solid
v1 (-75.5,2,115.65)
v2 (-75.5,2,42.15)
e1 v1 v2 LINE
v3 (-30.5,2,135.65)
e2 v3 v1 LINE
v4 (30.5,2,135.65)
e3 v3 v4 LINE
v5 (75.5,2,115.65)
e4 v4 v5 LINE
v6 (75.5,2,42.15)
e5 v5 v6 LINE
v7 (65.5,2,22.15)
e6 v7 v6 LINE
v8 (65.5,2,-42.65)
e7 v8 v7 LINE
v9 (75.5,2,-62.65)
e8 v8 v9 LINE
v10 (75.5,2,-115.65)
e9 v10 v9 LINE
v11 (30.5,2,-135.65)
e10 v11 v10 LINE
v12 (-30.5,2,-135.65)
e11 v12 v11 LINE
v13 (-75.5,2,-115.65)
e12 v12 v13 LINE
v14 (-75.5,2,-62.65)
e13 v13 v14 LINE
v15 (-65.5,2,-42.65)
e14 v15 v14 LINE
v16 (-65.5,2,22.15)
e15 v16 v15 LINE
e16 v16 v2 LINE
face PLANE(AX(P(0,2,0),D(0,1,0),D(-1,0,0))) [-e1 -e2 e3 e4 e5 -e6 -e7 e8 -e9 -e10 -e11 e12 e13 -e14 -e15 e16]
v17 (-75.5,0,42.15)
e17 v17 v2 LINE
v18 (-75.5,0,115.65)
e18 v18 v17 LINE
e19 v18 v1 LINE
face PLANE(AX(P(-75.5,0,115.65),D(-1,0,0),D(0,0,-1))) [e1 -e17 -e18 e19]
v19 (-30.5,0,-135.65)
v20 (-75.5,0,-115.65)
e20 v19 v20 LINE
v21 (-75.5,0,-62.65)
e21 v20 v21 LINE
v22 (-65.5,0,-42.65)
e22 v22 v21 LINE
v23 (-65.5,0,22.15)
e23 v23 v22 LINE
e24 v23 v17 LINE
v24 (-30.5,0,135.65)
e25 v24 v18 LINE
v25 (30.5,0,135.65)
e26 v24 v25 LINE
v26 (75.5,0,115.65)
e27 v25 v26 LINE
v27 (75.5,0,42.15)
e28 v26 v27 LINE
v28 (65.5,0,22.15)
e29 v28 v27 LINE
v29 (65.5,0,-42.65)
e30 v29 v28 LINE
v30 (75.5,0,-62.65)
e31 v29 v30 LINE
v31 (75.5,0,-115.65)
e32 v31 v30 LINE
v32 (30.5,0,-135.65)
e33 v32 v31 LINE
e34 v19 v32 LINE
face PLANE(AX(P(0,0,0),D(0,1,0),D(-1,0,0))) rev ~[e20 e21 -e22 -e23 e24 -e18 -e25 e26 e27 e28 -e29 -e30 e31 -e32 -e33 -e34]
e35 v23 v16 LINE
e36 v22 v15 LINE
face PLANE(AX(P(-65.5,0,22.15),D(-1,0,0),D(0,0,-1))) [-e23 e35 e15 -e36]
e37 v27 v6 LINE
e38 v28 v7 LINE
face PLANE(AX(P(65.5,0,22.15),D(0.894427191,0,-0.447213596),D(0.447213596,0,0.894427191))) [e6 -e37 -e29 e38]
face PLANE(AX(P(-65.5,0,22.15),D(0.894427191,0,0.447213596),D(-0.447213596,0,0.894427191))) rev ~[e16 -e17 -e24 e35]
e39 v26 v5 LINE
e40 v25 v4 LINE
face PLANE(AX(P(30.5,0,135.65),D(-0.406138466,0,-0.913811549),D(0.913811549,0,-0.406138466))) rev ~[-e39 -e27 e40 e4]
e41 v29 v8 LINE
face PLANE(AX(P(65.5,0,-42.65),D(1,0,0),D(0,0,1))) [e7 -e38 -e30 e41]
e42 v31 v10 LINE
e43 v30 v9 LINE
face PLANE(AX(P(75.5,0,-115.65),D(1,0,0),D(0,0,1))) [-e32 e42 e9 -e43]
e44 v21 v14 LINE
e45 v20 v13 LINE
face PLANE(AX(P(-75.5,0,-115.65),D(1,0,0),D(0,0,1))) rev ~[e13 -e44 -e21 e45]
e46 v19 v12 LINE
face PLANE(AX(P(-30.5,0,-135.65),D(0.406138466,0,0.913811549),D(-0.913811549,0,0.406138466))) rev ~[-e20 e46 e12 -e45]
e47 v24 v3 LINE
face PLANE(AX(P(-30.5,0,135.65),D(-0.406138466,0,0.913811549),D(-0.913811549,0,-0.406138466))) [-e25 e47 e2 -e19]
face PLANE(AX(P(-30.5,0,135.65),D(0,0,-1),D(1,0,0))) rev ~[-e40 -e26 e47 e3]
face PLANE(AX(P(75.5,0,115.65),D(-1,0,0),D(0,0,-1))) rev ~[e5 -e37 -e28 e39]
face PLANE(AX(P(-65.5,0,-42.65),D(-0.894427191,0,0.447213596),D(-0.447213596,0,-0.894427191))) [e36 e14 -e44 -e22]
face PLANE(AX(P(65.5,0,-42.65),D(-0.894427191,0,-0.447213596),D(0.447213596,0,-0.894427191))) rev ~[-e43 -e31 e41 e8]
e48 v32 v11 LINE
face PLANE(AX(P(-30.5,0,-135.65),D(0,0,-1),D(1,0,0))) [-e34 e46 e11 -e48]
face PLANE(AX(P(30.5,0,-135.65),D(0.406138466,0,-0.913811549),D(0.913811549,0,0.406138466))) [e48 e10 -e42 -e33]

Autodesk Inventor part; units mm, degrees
ref_plane "YZ Plane" through (0, 0, 0) normal (1, 0, 0) x (0, 1, 0)
ref_plane "XZ Plane" through (0, 0, 0) normal (0, 1, 0) x (-1, 0, 0)
ref_plane "XY Plane" through (0, 0, 0) normal (0, 0, 1) x (1, 0, 0)
sketch "Sketch1" plane through (0, 0, 0) normal (0, 1, 0) x (-1, 0, 0)
  line L0 (-75.5, -115.65) -> (-75.5, -62.65)
  line L1 (-65.5, -42.65) -> (-75.5, -62.65)
  line L2 (75.5, -115.65) -> (75.5, -62.65)
  line L3 (65.5, -42.65) -> (75.5, -62.65)
  line L4 (-75.5, 115.65) -> (-75.5, 42.15)
  line L5 (-65.5, 22.15) -> (-75.5, 42.15)
  line L6 (75.5, 115.65) -> (75.5, 42.15)
  line L7 (65.5, 22.15) -> (75.5, 42.15)
  line L8 (30.5, 135.65) -> (75.5, 115.65)
  line L9 (-30.5, 135.65) -> (-75.5, 115.65)
  line L10 (30.5, -135.65) -> (75.5, -115.65)
  line L11 (-30.5, -135.65) -> (-75.5, -115.65)
  line L12 (65.5, 22.15) -> (65.5, -42.65)
  line L13 (-65.5, -42.65) -> (-65.5, 22.15)
  line L14 (30.5, -135.65) -> (-30.5, -135.65)
  line L15 (30.5, 135.65) -> (-30.5, 135.65)
extrude "Extrusion1" add sketch "Sketch1" along normal blind 2
sketch "Sketch2" plane through (0, 2, 0) normal (0, 1, 0) x (1, 0, 0)
  line L0 (75.5, 62.65) -> (75.5, 115.65) projected
  line L1 (75.5, 115.65) -> (30.5, 135.65) projected
  line L2 (30.5, 135.65) -> (-30.5, 135.65) projected
  line L3 (-30.5, 135.65) -> (-75.5, 115.65) projected
  line L4 (-75.5, 115.65) -> (-75.5, 62.65) projected
  line L5 (-75.5, 62.65) -> (-65.5, 42.65) projected
  line L6 (-65.5, 42.65) -> (-65.5, -22.15) projected
  line L7 (-65.5, -22.15) -> (-75.5, -42.15) projected
  line L8 (-75.5, -115.65) -> (-30.5, -135.65) projected
  line L9 (-30.5, -135.65) -> (30.5, -135.65) projected
  line L10 (30.5, -135.65) -> (75.5, -115.65) projected
  line L11 (75.5, -115.65) -> (75.5, -42.15) projected
  line L12 (75.5, -42.15) -> (65.5, -22.15) projected
  line L13 (65.5, -22.15) -> (65.5, 42.65) projected
  line L14 (65.5, 42.65) -> (75.5, 62.65) projected
  line L15 (-75.5, -115.65) -> (75.5, -115.65)
  line L16 (-75.5, -42.15) -> (75.5, -42.15)
  line L17 (-75.5, 62.65) -> (75.5, 62.65)
  line L18 (-75.5, 115.65) -> (75.5, 115.65)
  line L19 (-75.5, 115.65) -> (-75.5, 105.65)
  line L20 (-75.5, 105.65) -> (75.5, 105.65)
  line L21 (75.5, 115.65) -> (75.5, 105.65)
  line L22 (-75.5, 62.65) -> (-75.5, 72.65)
  line L23 (-75.5, 72.65) -> (75.5, 72.65)
  line L24 (75.5, 62.65) -> (75.5, 72.65)
  line L25 (-75.5, -115.65) -> (-75.5, -105.65)
  line L26 (-75.5, -105.65) -> (75.5, -105.65)
  line L27 (75.5, -105.65) -> (75.5, -115.65)
  line L28 (-75.5, -62.65) -> (75.5, -62.65)
  line L29 (-65.5, 42.65) -> (-65.5, 120.0944)
  line L30 (65.5, 42.65) -> (65.5, 120.0944)
  line L31 (-65.5, -22.15) -> (-65.5, -120.0944)
  line L32 (65.5, -22.15) -> (65.5, -120.0944)
  line L33 (75.5, -62.65) -> (75.5, -72.65)
  line L34 (75.5, -72.65) -> (-75.5, -72.65)
  line L35 (-75.5, -62.65) -> (-75.5, -72.65)
  line L36 (-75.5, -42.15) -> (-75.5, -115.65)
  line L37 (65.5, -62.65) -> (40.6, -62.65)
  line L38 (40.6, -62.65) -> (40.6, -115.65)
  line L39 (40.6, -115.65) -> (50.6, -115.65)
  line L40 (50.6, -115.65) -> (50.6, -62.65)
  line L41 (50.6, -62.65) -> (40.6, -62.65)
  line L42 (-65.5, -62.65) -> (-40.6, -62.65)
  line L43 (-40.6, -62.65) -> (-40.6, -115.65)
  line L44 (-40.6, -115.65) -> (-50.6, -115.65)
  line L45 (-50.6, -115.65) -> (-50.6, -62.65)
  line L46 (-50.6, -62.65) -> (-40.6, -62.65)
  line L47 (-65.5, 115.65) -> (-40.6, 115.65)
  line L48 (-40.6, 115.65) -> (-40.6, 62.65)
  line L49 (-40.6, 62.65) -> (-50.6, 62.65)
  line L50 (-50.6, 62.65) -> (-50.6, 115.65)
  line L51 (-50.6, 115.65) -> (-40.6, 115.65)
  line L52 (65.5, 115.65) -> (40.6, 115.65)
  line L53 (40.6, 115.65) -> (40.6, 62.65)
  line L54 (40.6, 62.65) -> (50.6, 62.65)
  line L55 (50.6, 62.65) -> (50.6, 115.65)
  line L56 (50.6, 115.65) -> (40.6, 115.65)
  line L57 (-65.5, 12.65) -> (65.5, 12.65)
  line L58 (65.5, 12.65) -> (65.5, 22.65)
  line L59 (65.5, 22.65) -> (-65.5, 22.65)
  line L60 (-65.5, 22.65) -> (-65.5, 12.65)
  line L61 (0, 12.65) -> (0, -42.15)
  line L62 (-65.5, -42.15) -> (-65.5, 5.85)
  line L63 (-65.5, 5.85) -> (65.5, 5.85)
  line L64 (65.5, 5.85) -> (65.5, -42.15)
  line L65 (-65.5, -42.15) -> (-65.5, -40.15)
  line L66 (-65.5, -40.15) -> (65.5, -40.15)
  line L67 (65.5, -40.15) -> (65.5, -42.15)
  circle A0 centre (-70.5, 110.65) radius 1.2
  circle A1 centre (-70.5, 67.65) radius 1.2
  circle A2 centre (70.5, 110.65) radius 1.2
  circle A3 centre (70.5, 67.65) radius 1.2
  line L68 (-65.5, 115.65) -> (-24.1, 115.65)
  line L69 (65.5, 115.65) -> (24.1, 115.65)
  line L70 (-65.5, 72.65) -> (0, 72.65)
  line L71 (0, 22.65) -> (0, 17.65)
  circle A4 centre (0, 17.65) radius 1.2
  line L72 (-65.5, 22.65) -> (-60.5, 22.65)
  line L73 (-60.5, 22.65) -> (-60.5, 17.65)
  circle A5 centre (-60.5, 17.65) radius 1.2
  line L74 (65.5, 22.65) -> (60.5, 22.65)
  line L75 (60.5, 22.65) -> (60.5, 17.65)
  circle A6 centre (60.5, 17.65) radius 1.2
  line L76 (0, 5.85) -> (0, -17.15)
  line L77 (0, -17.15) -> (-32.15, -17.15)
  line L78 (0, -17.15) -> (32.15, -17.15)
  circle A7 centre (-32.15, -17.15) radius 1.2
  circle A8 centre (32.15, -17.15) radius 1.2
  line L79 (75.5, -42.15) -> (70.5, -42.15)
  circle A9 centre (70.5, -42.15) radius 1.2
  circle A10 centre (70.5, -67.65) radius 1.2
  circle A11 centre (70.5, -110.65) radius 1.2
  circle A12 centre (-70.5, -67.65) radius 1.2
  circle A13 centre (-70.5, -110.65) radius 1.2
  line L80 (-75.5, -42.15) -> (-70.5, -42.15)
  circle A14 centre (-70.5, -42.15) radius 1.2
  line L81 (0, -62.65) -> (0, -67.65)
  circle A15 centre (0, -67.65) radius 1.2
  line L82 (0, 115.65) -> (0, 110.65)
  circle A16 centre (0, 110.65) radius 1.2
  line L83 (-65.5, 72.65) -> (-24.1, 72.65)
  line L84 (-24.1, 72.65) -> (-24.1, 67.65)
  line L85 (65.5, 72.65) -> (24.1, 72.65)
  line L86 (24.1, 72.65) -> (24.1, 67.65)
  circle A17 centre (-24.1, 67.65) radius 1.2
  circle A18 centre (24.1, 67.65) radius 1.2
  line L87 (-65.5, -105.65) -> (-24.1, -105.65)
  line L88 (-24.1, -105.65) -> (-24.1, -110.65)
  line L89 (65.5, -105.65) -> (24.1, -105.65)
  line L90 (24.1, -105.65) -> (24.1, -110.65)
  circle A19 centre (-24.1, -110.65) radius 1.2
  circle A20 centre (24.1, -110.65) radius 1.2
  line L91 (-50.6, -62.65) -> (-50.6, -89.15)
  line L92 (-50.6, -89.15) -> (-45.6, -89.15)
  line L93 (40.6, -62.65) -> (40.6, -89.15)
  line L94 (40.6, -89.15) -> (45.6, -89.15)
  line L95 (40.6, 115.65) -> (40.6, 89.15)
  line L96 (40.6, 89.15) -> (45.6, 89.15)
  line L97 (-50.6, 115.65) -> (-50.6, 89.15)
  line L98 (-50.6, 89.15) -> (-45.6, 89.15)
  circle A21 centre (-45.6, 89.15) radius 1.2
  circle A22 centre (45.6, 89.15) radius 1.2
  circle A23 centre (45.6, -89.15) radius 1.2
  circle A24 centre (-45.6, -89.15) radius 1.2
  point P0 (0, 0)
  dimension "d26" = 10
  dimension "d27" = 10
  dimension "d28" = 10
  dimension "d29" = 53
  dimension "d30" = 10
  dimension "d31" = 24.9
  dimension "d32" = 53
  dimension "d33" = 10
  dimension "d35" = 24.9
  dimension "d36" = 10
  dimension "d37" = 53
  dimension "d38" = 24.9
  dimension "d39" = 53
  dimension "d40" = 10
  dimension "d41" = 53
  dimension "d42" = 24.9
  dimension "d43" = 53
  dimension "d44" = 10
  dimension "d45" = 53
  dimension "d47" = 131
  dimension "d48" = 10
  dimension "d49" = 131
  dimension "d50" = 54.8
  dimension "d51" = 48
  dimension "d52" = 131
  dimension "d53" = 2
  dimension "d54" = 131
  dimension "d68" = 5
  dimension "d70" = 5
  dimension "d71" = 5
  dimension "d73" = 5
  dimension "d74" = 5
  dimension "d76" = 23
  dimension "d77" = 32.15
  dimension "d78" = 32.15
  dimension "d86" = 5
  dimension "d88" = 5
  dimension "d90" = 5
  dimension "d92" = 41.4
  dimension "d93" = 5
  dimension "d94" = 41.4
  dimension "d98" = 41.4
  dimension "d99" = 5
  dimension "d100" = 41.4
  dimension "d101" = 5
  dimension "d104" = 26.5
  dimension "d105" = 5
  dimension "d106" = 26.5
  dimension "d107" = 5
  dimension "d108" = 26.5
  dimension "d109" = 5
  dimension "d110" = 26.5
  dimension "d111" = 5
sketch "Sketch3" plane through (0, 2, 0) normal (0, 1, 0) x (1, 0, 0)
  line L0 (75.5, 62.65) -> (75.5, 115.65) projected
  line L1 (75.5, 115.65) -> (30.5, 135.65) projected
  line L2 (30.5, 135.65) -> (-30.5, 135.65) projected
  line L3 (-30.5, 135.65) -> (-75.5, 115.65) projected
  line L4 (-75.5, 115.65) -> (-75.5, 62.65) projected
  line L5 (-75.5, 62.65) -> (-65.5, 42.65) projected
  line L6 (-65.5, 42.65) -> (-65.5, -22.15) projected
  line L7 (-65.5, -22.15) -> (-75.5, -42.15) projected
  line L8 (-75.5, -42.15) -> (-75.5, -115.65) projected
  line L9 (-75.5, -115.65) -> (-30.5, -135.65) projected
  line L10 (-30.5, -135.65) -> (30.5, -135.65) projected
  line L11 (30.5, -135.65) -> (75.5, -115.65) projected
  line L12 (75.5, -115.65) -> (75.5, -42.15) projected
  line L13 (75.5, -42.15) -> (65.5, -22.15) projected
  line L14 (65.5, -22.15) -> (65.5, 42.65) projected
  line L15 (65.5, 42.65) -> (75.5, 62.65) projected
  point P0 (0, 0)
  dimension "d116" = 271.3
  dimension "d117" = 151
  dimension "d118" = 64.8
  dimension "d119" = 20
properties part number "podvozek_+_prametry"
